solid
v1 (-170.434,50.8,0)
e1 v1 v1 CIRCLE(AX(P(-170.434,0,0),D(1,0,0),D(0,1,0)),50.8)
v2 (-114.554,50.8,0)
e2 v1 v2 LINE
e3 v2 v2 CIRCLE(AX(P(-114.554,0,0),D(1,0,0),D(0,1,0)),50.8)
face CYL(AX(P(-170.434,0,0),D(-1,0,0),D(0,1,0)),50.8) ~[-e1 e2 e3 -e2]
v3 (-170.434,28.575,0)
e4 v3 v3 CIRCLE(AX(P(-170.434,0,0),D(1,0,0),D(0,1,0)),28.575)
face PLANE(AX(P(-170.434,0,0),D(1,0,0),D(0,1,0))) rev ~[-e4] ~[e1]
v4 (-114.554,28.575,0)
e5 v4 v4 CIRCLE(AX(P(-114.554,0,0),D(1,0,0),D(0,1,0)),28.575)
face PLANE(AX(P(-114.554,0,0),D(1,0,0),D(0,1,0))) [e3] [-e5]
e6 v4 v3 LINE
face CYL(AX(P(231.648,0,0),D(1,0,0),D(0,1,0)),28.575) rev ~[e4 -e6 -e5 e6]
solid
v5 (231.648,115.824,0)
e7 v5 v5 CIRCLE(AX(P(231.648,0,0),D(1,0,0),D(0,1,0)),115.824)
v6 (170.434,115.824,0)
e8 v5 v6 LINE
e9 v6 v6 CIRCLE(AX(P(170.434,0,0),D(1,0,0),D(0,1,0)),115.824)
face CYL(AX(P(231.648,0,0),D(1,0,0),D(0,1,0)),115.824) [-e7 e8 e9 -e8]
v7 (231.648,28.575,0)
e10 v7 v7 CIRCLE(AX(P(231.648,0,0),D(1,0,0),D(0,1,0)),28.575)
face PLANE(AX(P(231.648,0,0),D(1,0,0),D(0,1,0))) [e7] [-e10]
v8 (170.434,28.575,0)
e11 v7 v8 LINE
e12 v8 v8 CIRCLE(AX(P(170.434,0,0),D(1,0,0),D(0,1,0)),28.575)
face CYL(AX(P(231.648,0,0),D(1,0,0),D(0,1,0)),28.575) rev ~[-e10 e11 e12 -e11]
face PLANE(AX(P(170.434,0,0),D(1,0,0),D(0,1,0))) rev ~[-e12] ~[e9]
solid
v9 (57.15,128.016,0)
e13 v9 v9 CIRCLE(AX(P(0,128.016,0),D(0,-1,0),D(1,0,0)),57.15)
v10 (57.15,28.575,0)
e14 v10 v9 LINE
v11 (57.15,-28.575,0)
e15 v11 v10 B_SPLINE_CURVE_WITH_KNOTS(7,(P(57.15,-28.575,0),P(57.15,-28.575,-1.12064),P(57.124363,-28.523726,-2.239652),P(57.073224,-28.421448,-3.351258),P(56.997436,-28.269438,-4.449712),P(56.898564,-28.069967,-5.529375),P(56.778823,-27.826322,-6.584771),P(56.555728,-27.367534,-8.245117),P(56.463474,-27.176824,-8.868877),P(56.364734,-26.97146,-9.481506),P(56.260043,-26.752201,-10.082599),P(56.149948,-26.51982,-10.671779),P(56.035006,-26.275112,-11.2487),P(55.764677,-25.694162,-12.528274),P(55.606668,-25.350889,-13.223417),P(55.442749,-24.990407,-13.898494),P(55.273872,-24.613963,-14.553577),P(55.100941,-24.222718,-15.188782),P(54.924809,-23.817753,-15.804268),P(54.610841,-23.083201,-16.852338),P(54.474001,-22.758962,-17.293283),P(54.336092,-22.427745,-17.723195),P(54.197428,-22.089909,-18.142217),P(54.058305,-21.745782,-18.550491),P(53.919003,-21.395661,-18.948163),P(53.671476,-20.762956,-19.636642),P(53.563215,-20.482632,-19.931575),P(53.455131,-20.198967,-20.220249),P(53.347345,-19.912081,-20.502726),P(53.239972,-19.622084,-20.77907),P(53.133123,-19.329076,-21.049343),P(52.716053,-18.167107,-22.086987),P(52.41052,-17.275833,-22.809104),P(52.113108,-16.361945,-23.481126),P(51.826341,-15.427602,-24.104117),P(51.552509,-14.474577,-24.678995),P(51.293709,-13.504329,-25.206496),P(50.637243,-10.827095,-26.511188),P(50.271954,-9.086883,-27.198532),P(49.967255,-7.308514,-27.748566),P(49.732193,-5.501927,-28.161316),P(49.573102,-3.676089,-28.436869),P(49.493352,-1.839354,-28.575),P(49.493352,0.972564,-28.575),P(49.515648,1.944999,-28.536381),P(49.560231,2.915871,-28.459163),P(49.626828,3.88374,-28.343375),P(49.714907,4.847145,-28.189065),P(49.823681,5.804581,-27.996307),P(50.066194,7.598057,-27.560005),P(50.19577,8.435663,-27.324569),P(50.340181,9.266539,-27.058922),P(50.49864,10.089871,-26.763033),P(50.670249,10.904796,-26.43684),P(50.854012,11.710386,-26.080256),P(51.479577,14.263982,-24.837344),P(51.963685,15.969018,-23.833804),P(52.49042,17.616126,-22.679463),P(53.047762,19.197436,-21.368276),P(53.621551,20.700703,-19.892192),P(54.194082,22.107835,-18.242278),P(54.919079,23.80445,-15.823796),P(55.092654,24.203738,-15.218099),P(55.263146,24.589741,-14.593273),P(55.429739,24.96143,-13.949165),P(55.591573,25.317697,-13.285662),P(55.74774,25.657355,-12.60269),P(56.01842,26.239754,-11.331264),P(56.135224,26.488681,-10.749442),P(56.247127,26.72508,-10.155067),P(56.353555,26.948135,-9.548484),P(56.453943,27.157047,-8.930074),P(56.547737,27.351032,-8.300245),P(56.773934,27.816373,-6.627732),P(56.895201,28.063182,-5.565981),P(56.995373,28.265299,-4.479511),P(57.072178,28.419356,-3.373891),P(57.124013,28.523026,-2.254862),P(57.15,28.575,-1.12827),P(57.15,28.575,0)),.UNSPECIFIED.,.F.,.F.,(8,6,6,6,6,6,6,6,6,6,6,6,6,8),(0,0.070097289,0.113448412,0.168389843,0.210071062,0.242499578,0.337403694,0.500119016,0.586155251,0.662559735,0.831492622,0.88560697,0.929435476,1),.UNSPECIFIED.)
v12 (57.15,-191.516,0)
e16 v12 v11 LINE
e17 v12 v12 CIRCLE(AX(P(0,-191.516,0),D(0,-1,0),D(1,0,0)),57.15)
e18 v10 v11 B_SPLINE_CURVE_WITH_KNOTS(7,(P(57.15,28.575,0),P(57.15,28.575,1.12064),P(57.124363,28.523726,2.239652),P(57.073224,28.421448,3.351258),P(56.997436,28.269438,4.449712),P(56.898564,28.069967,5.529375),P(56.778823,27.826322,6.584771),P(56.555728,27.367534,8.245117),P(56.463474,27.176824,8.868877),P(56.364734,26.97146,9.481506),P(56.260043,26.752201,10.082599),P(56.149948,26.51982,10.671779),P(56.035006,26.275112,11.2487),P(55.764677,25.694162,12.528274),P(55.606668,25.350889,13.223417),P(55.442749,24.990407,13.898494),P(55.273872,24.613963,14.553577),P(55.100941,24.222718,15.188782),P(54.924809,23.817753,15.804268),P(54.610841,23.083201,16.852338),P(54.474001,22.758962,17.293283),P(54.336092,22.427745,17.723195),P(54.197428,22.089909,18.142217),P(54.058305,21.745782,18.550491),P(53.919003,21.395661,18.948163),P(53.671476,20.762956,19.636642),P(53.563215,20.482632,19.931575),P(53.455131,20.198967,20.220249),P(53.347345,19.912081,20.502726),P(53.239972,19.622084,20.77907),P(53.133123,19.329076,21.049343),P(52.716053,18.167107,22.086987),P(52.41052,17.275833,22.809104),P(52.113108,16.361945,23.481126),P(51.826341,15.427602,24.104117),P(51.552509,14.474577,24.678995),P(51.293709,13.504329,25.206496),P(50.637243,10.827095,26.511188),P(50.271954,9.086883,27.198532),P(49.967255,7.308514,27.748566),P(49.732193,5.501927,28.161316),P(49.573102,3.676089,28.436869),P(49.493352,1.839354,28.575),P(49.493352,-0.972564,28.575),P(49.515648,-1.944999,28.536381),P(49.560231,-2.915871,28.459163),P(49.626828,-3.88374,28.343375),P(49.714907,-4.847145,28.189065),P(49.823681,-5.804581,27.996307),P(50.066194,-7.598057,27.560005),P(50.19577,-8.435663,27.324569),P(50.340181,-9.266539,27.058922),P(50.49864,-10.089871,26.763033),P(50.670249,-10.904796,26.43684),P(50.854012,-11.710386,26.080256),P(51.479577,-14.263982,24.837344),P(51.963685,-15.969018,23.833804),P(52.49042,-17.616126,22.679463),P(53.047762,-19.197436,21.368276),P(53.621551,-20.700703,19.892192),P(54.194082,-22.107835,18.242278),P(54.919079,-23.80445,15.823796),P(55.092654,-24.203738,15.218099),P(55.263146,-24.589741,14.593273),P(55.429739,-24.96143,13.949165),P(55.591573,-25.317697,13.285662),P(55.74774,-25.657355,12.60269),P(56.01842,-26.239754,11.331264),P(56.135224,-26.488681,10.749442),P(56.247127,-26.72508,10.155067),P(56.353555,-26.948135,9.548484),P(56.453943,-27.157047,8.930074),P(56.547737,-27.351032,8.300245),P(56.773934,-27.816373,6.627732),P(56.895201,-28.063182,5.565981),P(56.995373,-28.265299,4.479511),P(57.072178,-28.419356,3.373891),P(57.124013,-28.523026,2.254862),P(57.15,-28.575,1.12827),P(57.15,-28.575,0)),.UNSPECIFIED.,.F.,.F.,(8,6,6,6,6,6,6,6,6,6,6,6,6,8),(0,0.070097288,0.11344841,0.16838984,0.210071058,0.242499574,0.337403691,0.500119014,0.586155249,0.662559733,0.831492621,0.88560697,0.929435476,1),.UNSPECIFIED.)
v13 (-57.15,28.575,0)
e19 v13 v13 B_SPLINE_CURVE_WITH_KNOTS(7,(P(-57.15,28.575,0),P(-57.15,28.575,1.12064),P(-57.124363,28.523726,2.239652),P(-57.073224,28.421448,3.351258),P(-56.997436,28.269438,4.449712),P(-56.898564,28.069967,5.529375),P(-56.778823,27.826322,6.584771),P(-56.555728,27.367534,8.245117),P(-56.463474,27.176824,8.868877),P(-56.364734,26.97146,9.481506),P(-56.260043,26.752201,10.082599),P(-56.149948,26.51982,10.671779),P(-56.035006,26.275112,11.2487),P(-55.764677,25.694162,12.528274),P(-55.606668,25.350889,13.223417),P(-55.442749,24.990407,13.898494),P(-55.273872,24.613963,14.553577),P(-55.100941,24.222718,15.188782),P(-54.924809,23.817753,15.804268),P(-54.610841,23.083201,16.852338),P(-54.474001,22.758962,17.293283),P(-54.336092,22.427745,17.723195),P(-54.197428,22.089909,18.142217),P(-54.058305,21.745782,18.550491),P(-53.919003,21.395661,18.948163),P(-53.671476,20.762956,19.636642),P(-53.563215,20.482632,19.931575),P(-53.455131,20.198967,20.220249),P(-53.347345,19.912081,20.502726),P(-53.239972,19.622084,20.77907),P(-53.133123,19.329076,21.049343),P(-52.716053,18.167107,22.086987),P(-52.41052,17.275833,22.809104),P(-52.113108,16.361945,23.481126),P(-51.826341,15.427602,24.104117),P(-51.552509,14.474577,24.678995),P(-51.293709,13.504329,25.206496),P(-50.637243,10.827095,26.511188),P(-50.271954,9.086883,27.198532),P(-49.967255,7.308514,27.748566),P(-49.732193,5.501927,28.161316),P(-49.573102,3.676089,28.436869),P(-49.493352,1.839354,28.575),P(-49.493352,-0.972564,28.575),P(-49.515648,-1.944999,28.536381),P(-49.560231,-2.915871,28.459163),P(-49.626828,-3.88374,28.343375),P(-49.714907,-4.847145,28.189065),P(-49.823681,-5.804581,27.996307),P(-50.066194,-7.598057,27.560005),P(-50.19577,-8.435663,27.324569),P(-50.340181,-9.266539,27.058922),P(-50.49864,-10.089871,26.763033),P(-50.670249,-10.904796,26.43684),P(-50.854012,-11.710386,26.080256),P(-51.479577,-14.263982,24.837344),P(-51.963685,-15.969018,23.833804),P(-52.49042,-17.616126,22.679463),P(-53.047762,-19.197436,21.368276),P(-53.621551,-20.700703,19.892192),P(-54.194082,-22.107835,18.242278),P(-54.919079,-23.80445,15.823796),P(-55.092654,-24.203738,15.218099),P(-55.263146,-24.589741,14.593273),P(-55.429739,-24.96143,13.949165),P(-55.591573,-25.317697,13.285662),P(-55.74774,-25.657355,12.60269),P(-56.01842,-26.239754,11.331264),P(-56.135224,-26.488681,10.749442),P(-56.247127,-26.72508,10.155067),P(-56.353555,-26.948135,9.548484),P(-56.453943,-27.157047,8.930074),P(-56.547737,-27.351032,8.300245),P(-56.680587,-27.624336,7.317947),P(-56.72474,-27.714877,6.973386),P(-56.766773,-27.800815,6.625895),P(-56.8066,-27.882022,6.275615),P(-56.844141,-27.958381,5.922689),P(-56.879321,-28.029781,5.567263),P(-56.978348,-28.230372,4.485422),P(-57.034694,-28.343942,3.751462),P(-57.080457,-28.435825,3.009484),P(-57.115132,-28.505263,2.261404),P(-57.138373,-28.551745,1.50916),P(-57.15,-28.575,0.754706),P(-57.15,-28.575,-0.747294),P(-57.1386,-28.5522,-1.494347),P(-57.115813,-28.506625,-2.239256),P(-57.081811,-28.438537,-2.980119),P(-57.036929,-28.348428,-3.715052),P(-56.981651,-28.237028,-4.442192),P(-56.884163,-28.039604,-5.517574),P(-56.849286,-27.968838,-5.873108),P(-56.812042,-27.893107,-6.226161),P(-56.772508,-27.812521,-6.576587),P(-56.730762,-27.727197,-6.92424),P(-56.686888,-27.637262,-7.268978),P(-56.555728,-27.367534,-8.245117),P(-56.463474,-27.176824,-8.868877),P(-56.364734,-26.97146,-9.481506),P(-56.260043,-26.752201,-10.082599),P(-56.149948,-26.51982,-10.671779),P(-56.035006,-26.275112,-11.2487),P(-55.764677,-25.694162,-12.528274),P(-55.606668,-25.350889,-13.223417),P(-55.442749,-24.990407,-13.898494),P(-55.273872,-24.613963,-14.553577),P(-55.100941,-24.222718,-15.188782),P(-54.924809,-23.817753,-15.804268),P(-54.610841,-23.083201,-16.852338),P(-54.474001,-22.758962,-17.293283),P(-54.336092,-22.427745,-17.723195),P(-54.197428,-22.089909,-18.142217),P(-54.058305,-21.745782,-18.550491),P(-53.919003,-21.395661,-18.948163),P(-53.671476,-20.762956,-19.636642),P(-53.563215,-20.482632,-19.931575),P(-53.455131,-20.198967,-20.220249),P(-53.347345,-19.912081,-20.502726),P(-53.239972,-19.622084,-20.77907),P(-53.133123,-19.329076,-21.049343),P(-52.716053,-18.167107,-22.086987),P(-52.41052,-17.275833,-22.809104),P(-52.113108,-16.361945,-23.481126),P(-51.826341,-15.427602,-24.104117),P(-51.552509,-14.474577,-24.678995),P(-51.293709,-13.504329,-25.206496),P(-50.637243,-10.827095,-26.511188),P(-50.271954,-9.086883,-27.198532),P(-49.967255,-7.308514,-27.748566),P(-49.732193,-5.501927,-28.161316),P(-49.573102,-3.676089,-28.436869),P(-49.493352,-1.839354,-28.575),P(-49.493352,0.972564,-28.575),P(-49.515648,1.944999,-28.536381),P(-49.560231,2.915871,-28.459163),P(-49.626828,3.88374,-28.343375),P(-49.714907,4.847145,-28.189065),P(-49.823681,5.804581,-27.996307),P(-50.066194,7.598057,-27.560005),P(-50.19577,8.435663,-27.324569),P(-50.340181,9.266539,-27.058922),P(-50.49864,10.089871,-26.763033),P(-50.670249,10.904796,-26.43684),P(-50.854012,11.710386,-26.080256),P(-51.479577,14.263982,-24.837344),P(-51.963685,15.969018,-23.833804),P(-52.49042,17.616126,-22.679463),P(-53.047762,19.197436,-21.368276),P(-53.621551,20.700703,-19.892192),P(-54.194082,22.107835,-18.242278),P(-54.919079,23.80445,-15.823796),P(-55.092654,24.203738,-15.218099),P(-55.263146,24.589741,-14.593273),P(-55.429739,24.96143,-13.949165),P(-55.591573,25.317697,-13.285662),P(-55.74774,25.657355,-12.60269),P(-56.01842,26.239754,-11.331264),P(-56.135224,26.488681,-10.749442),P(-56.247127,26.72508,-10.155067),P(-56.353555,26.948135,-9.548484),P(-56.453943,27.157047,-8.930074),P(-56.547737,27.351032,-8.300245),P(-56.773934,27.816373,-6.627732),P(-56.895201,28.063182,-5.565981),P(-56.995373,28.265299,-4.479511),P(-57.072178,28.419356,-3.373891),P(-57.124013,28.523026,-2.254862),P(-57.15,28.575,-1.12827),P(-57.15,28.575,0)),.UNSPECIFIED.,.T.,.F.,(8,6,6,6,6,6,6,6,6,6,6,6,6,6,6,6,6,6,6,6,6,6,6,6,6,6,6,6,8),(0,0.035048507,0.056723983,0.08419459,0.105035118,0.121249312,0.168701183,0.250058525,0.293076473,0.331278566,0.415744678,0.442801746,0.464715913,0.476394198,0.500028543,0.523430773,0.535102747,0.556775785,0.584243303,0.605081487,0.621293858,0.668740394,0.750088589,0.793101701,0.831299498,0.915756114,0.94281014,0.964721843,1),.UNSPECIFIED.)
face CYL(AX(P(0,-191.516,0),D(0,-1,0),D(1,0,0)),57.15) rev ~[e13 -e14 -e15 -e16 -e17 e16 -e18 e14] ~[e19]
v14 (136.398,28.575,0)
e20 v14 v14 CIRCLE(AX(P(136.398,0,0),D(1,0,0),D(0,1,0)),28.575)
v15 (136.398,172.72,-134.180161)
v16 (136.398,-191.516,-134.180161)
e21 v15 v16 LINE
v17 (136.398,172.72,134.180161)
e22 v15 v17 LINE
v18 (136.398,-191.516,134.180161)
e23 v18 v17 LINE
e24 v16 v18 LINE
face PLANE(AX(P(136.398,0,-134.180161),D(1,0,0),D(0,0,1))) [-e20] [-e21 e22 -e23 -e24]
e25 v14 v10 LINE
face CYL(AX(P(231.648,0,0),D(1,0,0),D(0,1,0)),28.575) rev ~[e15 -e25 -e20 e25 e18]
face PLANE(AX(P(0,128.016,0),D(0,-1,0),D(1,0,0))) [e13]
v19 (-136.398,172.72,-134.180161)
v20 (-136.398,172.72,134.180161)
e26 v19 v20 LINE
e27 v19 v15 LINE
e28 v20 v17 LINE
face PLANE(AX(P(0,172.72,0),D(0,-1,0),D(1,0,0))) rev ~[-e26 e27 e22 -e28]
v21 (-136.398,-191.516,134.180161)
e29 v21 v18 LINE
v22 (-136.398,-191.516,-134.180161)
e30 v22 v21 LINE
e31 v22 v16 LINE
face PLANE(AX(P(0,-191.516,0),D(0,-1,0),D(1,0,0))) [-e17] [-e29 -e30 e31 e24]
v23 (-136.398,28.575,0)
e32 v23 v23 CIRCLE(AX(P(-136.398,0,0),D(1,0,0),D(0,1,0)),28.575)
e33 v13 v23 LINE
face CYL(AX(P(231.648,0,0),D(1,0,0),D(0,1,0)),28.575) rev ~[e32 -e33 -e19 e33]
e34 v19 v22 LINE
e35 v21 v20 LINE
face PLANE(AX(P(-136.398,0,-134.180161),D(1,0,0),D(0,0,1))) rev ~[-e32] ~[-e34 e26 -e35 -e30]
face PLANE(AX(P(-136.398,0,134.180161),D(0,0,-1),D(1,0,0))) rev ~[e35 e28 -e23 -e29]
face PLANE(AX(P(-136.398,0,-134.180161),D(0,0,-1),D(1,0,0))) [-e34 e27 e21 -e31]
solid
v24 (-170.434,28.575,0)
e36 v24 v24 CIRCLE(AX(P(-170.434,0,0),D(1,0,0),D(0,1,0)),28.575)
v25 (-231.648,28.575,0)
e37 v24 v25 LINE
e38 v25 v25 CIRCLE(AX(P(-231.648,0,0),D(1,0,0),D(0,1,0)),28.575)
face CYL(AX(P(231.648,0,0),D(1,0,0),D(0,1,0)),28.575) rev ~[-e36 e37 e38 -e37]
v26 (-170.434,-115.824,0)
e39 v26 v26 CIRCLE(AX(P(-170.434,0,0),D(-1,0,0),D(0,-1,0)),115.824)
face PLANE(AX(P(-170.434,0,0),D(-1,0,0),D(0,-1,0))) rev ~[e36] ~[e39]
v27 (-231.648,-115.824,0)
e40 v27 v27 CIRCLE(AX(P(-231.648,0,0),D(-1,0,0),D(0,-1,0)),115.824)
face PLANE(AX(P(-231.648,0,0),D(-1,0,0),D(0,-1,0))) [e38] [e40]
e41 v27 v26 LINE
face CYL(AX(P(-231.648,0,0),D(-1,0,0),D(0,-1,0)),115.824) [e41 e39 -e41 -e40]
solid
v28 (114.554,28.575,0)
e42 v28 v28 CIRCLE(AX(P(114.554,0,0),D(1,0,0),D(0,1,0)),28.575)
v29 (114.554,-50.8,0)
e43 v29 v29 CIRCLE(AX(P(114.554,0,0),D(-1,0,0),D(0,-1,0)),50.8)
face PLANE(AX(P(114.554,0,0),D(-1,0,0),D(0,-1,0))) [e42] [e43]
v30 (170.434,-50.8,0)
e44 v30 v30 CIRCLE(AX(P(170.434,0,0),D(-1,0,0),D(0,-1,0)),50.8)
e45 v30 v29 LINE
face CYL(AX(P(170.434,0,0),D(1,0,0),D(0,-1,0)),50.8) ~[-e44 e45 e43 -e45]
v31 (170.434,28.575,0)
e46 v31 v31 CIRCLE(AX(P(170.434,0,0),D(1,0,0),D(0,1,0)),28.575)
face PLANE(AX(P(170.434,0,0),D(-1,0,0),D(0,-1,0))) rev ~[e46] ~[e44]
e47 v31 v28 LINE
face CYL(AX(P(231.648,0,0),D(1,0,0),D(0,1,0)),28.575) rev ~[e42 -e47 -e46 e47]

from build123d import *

# Parameters (mm, degrees)
F0_W      = 272.796
F0_H      = 268.3603210601
F1_DEPTH  = 191.516
F2_DEPTH  = 172.72
F4_R      = 115.824
F5_DEPTH  = 61.214
F6_R      = 50.8
F7_DEPTH  = 55.88
F9_COUNT  = 2
F10_R     = 28.575
F11_DEPTH = 701.04
F12_R     = 57.15
F13_DEPTH = 319.532


with BuildPart() as f1:
    # F0 (on Front) → F1 (new body)
    with BuildSketch(Plane.XZ):
        Rectangle(F0_W, F0_H)
    extrude(amount=F1_DEPTH)

    # F2 (add): a face of the model
    f2_faces = [f1.faces().sort_by_distance(p)[0] for p in [
        (0, 0, 0),
    ]]
    extrude(f2_faces, amount=F2_DEPTH)


with BuildPart() as f5:
    # F4 (on offset) → F5 (new body)
    with BuildSketch(Plane.YZ.offset(231.648)):
        Circle(F4_R)
    extrude(amount=-F5_DEPTH)


with BuildPart() as f7:
    # F6 (on face) → F7 (new body)
    with BuildSketch(Plane(origin=(170.434, 0, 0), x_dir=(0, -1, 0), z_dir=(-1, 0, 0))):
        Circle(F6_R)
    extrude(amount=F7_DEPTH)


with BuildPart() as f9_1:
    # F9: instance of F7
    add(f7.part.rotate(Axis((0, 0, 105.2917167544), (0, 0, 1)), 1 * 360 / F9_COUNT))


with BuildPart() as f9_2:
    # F9: instance of F5
    add(f5.part.rotate(Axis((0, 0, 105.2917167544), (0, 0, 1)), 1 * 360 / F9_COUNT))


with BuildPart() as f11_tool:
    # F10 (on face) → F11 (new body)
    with BuildSketch(Plane.YZ.offset(231.648)):
        Circle(F10_R)
    extrude(amount=-F11_DEPTH)


with BuildPart() as f1_1:
    add(f1.part)

    # F11: cut by f11_tool
    add(f11_tool.part, mode=Mode.SUBTRACT)

    # F12 (on face) → F13 (cut)
    with BuildSketch(Plane.XZ.offset(191.516)):
        Circle(F12_R)
    extrude(amount=-F13_DEPTH, mode=Mode.SUBTRACT)


with BuildPart() as f5_1:
    add(f5.part)

    # F11: cut by f11_tool
    add(f11_tool.part, mode=Mode.SUBTRACT)


with BuildPart() as f7_1:
    add(f7.part)

    # F11: cut by f11_tool
    add(f11_tool.part, mode=Mode.SUBTRACT)


with BuildPart() as f9_1_1:
    add(f9_1.part)

    # F11: cut by f11_tool
    add(f11_tool.part, mode=Mode.SUBTRACT)


with BuildPart() as f9_2_1:
    add(f9_2.part)

    # F11: cut by f11_tool
    add(f11_tool.part, mode=Mode.SUBTRACT)


solid = Compound([f1_1.part, f5_1.part, f7_1.part, f9_1_1.part, f9_2_1.part])
